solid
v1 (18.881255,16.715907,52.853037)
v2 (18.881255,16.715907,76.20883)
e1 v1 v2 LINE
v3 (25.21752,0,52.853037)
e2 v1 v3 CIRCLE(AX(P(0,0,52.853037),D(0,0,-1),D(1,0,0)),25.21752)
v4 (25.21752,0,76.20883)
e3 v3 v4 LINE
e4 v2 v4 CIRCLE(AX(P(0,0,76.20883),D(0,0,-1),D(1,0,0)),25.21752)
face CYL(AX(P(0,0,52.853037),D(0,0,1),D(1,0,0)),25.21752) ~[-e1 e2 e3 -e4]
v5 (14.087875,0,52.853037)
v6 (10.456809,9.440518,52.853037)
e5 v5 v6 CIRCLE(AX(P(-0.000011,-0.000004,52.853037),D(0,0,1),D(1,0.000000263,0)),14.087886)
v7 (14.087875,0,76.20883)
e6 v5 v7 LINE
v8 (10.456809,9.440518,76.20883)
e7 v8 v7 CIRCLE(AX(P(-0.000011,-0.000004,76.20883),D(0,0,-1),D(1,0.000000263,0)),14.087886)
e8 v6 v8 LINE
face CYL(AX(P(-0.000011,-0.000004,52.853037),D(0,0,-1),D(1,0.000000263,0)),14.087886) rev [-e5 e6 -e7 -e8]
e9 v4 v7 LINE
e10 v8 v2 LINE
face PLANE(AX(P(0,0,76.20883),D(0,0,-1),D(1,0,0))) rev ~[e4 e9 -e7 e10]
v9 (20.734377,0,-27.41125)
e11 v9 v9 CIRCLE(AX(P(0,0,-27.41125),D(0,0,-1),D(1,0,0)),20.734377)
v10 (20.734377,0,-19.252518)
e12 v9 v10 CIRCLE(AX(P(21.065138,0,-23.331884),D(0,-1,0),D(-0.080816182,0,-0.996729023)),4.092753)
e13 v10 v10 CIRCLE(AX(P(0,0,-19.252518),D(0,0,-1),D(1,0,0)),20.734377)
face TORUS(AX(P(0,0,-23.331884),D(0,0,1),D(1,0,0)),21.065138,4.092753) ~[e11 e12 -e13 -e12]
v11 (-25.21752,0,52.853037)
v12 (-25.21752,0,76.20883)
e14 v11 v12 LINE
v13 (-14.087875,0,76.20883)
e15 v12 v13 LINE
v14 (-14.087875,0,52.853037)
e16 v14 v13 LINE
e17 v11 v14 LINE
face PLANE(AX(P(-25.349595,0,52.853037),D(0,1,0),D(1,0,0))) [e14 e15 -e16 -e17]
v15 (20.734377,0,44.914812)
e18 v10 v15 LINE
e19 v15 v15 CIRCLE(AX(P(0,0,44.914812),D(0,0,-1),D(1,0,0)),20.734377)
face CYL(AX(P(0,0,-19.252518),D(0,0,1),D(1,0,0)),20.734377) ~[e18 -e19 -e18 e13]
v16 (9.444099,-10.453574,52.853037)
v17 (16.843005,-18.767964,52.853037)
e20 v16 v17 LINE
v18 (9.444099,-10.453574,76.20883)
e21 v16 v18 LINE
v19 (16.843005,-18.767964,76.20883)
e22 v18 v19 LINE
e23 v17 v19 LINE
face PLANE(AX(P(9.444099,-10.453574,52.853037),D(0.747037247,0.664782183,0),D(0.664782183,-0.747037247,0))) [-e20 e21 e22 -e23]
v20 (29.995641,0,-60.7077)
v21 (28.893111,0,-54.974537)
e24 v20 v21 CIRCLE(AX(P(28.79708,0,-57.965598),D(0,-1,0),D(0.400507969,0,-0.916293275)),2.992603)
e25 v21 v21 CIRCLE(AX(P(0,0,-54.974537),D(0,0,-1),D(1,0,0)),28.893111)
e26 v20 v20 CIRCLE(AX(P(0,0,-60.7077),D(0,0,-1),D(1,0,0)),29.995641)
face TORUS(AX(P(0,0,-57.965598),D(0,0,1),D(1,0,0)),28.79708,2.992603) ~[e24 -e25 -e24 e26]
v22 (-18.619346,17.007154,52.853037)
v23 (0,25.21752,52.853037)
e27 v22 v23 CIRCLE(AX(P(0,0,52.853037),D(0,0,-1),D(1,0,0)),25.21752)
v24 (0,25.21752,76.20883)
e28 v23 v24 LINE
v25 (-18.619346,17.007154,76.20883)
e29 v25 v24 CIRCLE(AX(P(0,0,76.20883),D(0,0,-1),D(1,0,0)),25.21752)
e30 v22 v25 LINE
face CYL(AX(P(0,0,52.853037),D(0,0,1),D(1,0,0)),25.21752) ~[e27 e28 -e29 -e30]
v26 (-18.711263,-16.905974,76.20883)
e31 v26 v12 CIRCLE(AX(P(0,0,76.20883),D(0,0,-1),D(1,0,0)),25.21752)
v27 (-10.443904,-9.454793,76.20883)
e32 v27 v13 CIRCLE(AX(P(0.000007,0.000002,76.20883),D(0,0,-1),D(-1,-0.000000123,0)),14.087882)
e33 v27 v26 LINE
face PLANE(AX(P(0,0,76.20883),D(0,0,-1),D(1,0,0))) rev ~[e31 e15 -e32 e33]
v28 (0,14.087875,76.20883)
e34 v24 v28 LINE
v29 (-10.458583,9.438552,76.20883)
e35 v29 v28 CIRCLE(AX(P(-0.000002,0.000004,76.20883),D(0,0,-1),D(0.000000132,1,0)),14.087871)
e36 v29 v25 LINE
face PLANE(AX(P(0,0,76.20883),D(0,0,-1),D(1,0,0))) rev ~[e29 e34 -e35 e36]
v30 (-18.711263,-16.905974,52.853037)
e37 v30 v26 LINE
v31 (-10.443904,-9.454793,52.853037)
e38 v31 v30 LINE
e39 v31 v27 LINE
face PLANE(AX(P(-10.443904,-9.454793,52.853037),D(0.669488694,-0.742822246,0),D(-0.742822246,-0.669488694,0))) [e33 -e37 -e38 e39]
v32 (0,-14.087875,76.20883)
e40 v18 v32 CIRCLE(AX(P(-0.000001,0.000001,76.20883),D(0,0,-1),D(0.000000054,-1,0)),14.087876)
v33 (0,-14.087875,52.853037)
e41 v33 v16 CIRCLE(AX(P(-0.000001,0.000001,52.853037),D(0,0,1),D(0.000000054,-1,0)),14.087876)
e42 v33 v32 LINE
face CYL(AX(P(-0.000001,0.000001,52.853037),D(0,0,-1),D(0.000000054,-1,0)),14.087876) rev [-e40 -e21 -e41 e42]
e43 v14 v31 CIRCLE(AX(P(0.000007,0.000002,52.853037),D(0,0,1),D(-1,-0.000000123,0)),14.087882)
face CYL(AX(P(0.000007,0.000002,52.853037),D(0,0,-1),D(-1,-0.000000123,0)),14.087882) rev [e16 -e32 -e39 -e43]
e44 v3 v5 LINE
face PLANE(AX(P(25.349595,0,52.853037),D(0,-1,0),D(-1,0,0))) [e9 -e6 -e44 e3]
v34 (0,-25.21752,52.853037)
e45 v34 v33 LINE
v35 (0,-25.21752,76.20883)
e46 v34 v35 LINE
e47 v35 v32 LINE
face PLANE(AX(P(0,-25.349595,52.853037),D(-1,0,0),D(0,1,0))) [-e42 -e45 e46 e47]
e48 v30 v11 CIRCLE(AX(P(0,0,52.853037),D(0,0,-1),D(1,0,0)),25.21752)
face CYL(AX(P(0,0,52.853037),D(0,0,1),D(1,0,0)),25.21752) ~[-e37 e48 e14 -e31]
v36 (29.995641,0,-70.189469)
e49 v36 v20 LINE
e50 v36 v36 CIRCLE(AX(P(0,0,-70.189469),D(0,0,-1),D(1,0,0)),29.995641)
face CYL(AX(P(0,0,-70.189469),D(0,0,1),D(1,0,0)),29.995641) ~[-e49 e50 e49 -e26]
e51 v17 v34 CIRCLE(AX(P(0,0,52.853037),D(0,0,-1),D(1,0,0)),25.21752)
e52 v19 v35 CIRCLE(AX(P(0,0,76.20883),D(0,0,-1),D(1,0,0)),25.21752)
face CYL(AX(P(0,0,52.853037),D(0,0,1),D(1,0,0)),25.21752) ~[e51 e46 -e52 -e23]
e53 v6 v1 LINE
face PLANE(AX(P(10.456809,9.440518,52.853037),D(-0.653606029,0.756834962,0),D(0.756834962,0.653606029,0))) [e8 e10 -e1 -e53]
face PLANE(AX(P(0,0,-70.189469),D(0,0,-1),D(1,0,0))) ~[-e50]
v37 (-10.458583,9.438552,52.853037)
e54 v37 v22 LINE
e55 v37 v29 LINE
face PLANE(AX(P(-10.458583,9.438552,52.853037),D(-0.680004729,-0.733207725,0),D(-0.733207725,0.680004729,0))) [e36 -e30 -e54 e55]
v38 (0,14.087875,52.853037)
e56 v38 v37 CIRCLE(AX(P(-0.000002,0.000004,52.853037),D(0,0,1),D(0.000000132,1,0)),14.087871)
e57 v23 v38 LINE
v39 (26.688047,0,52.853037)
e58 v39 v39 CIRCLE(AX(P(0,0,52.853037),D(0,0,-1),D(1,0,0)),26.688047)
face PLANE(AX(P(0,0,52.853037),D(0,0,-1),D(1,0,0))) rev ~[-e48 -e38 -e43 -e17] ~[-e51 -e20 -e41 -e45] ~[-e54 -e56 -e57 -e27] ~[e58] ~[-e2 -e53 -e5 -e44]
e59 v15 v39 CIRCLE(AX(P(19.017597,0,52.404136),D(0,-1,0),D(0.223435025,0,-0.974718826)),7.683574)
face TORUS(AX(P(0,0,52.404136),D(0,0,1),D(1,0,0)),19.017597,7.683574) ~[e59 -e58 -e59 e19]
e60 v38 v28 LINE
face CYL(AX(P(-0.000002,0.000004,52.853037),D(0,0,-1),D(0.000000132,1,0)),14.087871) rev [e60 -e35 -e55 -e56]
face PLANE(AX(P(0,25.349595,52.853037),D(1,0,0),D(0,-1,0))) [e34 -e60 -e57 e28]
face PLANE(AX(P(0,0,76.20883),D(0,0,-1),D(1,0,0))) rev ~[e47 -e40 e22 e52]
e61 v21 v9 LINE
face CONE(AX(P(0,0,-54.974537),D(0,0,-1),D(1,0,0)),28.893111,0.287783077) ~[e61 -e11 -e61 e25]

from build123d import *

# Parameters (mm, degrees)
F3_DEPTH = 27.686


with BuildPart() as f1:
    # F0 (on Front) → F1 (revolve)
    with BuildSketch(Plane.XZ):
        with BuildLine():
            Line((26.688047, 52.853037), (25.21752, 52.853037))
            Line((25.21752, 52.853037), (25.21752, 76.20883))
            Line((25.21752, 76.20883), (0, 76.20883))
            Line((0, 76.20883), (0, 52.853037))
            Line((0, 52.853037), (0, -70.189469))
            Line((0, -70.189469), (29.995641, -70.189469))
            Line((29.995641, -70.189469), (29.995641, -60.7077))
            ThreePointArc((29.995641, -60.7077), (31.735835, -57.400454), (28.893111, -54.974537))
            Line((28.893111, -54.974537), (20.734377, -27.41125))
            ThreePointArc((20.734377, -27.41125), (25.157891, -23.331884), (20.734377, -19.252518))
            Line((20.734377, -19.252518), (20.734377, 44.914812))
            ThreePointArc((20.734377, 44.914812), (25.164456, 47.793991), (26.688047, 52.853037))
        make_face()
    revolve(axis=Axis((0, 0, -8.668216), (0, 0, -1)))

    # F2 (on face) → F3 (cut)
    with BuildSketch(Plane.XY.offset(52.853037)):
        with BuildLine():
            Line((-25.349595, 0), (-14.087875, 0))
            ThreePointArc((-14.087875, 0), (-13.145353, -5.066351), (-10.443904, -9.454793))
            Line((-10.443904, -9.454793), (-18.809371, -16.994397))
            ThreePointArc((-18.809371, -16.994397), (-10.290794, -23.166819), (0, -25.349595))
            Line((0, -25.349595), (0, -14.087875))
            ThreePointArc((0, -14.087875), (5.059623, -13.147944), (9.444099, -10.453574))
            Line((9.444099, -10.453574), (16.930807, -18.86663))
            ThreePointArc((16.930807, -18.86663), (23.149417, -10.32988), (25.349595, 0))
            Line((25.349595, 0), (14.087875, 0))
            ThreePointArc((14.087875, 0), (13.14881, 5.057371), (10.456809, 9.440518))
            Line((10.456809, 9.440518), (18.981221, 16.802238))
            ThreePointArc((18.981221, 16.802238), (10.408459, 23.114193), (0, 25.349595))
            Line((0, 25.349595), (0, 14.087875))
            ThreePointArc((0, 14.087875), (-5.722722, 12.873177), (-10.458583, 9.438552))
            Line((-10.458583, 9.438552), (-18.716187, 17.096968))
            ThreePointArc((-18.716187, 17.096968), (-23.63313, 9.169357), (-25.349595, 0))
        make_face()
    extrude(amount=F3_DEPTH, mode=Mode.SUBTRACT)


solid = f1.part
